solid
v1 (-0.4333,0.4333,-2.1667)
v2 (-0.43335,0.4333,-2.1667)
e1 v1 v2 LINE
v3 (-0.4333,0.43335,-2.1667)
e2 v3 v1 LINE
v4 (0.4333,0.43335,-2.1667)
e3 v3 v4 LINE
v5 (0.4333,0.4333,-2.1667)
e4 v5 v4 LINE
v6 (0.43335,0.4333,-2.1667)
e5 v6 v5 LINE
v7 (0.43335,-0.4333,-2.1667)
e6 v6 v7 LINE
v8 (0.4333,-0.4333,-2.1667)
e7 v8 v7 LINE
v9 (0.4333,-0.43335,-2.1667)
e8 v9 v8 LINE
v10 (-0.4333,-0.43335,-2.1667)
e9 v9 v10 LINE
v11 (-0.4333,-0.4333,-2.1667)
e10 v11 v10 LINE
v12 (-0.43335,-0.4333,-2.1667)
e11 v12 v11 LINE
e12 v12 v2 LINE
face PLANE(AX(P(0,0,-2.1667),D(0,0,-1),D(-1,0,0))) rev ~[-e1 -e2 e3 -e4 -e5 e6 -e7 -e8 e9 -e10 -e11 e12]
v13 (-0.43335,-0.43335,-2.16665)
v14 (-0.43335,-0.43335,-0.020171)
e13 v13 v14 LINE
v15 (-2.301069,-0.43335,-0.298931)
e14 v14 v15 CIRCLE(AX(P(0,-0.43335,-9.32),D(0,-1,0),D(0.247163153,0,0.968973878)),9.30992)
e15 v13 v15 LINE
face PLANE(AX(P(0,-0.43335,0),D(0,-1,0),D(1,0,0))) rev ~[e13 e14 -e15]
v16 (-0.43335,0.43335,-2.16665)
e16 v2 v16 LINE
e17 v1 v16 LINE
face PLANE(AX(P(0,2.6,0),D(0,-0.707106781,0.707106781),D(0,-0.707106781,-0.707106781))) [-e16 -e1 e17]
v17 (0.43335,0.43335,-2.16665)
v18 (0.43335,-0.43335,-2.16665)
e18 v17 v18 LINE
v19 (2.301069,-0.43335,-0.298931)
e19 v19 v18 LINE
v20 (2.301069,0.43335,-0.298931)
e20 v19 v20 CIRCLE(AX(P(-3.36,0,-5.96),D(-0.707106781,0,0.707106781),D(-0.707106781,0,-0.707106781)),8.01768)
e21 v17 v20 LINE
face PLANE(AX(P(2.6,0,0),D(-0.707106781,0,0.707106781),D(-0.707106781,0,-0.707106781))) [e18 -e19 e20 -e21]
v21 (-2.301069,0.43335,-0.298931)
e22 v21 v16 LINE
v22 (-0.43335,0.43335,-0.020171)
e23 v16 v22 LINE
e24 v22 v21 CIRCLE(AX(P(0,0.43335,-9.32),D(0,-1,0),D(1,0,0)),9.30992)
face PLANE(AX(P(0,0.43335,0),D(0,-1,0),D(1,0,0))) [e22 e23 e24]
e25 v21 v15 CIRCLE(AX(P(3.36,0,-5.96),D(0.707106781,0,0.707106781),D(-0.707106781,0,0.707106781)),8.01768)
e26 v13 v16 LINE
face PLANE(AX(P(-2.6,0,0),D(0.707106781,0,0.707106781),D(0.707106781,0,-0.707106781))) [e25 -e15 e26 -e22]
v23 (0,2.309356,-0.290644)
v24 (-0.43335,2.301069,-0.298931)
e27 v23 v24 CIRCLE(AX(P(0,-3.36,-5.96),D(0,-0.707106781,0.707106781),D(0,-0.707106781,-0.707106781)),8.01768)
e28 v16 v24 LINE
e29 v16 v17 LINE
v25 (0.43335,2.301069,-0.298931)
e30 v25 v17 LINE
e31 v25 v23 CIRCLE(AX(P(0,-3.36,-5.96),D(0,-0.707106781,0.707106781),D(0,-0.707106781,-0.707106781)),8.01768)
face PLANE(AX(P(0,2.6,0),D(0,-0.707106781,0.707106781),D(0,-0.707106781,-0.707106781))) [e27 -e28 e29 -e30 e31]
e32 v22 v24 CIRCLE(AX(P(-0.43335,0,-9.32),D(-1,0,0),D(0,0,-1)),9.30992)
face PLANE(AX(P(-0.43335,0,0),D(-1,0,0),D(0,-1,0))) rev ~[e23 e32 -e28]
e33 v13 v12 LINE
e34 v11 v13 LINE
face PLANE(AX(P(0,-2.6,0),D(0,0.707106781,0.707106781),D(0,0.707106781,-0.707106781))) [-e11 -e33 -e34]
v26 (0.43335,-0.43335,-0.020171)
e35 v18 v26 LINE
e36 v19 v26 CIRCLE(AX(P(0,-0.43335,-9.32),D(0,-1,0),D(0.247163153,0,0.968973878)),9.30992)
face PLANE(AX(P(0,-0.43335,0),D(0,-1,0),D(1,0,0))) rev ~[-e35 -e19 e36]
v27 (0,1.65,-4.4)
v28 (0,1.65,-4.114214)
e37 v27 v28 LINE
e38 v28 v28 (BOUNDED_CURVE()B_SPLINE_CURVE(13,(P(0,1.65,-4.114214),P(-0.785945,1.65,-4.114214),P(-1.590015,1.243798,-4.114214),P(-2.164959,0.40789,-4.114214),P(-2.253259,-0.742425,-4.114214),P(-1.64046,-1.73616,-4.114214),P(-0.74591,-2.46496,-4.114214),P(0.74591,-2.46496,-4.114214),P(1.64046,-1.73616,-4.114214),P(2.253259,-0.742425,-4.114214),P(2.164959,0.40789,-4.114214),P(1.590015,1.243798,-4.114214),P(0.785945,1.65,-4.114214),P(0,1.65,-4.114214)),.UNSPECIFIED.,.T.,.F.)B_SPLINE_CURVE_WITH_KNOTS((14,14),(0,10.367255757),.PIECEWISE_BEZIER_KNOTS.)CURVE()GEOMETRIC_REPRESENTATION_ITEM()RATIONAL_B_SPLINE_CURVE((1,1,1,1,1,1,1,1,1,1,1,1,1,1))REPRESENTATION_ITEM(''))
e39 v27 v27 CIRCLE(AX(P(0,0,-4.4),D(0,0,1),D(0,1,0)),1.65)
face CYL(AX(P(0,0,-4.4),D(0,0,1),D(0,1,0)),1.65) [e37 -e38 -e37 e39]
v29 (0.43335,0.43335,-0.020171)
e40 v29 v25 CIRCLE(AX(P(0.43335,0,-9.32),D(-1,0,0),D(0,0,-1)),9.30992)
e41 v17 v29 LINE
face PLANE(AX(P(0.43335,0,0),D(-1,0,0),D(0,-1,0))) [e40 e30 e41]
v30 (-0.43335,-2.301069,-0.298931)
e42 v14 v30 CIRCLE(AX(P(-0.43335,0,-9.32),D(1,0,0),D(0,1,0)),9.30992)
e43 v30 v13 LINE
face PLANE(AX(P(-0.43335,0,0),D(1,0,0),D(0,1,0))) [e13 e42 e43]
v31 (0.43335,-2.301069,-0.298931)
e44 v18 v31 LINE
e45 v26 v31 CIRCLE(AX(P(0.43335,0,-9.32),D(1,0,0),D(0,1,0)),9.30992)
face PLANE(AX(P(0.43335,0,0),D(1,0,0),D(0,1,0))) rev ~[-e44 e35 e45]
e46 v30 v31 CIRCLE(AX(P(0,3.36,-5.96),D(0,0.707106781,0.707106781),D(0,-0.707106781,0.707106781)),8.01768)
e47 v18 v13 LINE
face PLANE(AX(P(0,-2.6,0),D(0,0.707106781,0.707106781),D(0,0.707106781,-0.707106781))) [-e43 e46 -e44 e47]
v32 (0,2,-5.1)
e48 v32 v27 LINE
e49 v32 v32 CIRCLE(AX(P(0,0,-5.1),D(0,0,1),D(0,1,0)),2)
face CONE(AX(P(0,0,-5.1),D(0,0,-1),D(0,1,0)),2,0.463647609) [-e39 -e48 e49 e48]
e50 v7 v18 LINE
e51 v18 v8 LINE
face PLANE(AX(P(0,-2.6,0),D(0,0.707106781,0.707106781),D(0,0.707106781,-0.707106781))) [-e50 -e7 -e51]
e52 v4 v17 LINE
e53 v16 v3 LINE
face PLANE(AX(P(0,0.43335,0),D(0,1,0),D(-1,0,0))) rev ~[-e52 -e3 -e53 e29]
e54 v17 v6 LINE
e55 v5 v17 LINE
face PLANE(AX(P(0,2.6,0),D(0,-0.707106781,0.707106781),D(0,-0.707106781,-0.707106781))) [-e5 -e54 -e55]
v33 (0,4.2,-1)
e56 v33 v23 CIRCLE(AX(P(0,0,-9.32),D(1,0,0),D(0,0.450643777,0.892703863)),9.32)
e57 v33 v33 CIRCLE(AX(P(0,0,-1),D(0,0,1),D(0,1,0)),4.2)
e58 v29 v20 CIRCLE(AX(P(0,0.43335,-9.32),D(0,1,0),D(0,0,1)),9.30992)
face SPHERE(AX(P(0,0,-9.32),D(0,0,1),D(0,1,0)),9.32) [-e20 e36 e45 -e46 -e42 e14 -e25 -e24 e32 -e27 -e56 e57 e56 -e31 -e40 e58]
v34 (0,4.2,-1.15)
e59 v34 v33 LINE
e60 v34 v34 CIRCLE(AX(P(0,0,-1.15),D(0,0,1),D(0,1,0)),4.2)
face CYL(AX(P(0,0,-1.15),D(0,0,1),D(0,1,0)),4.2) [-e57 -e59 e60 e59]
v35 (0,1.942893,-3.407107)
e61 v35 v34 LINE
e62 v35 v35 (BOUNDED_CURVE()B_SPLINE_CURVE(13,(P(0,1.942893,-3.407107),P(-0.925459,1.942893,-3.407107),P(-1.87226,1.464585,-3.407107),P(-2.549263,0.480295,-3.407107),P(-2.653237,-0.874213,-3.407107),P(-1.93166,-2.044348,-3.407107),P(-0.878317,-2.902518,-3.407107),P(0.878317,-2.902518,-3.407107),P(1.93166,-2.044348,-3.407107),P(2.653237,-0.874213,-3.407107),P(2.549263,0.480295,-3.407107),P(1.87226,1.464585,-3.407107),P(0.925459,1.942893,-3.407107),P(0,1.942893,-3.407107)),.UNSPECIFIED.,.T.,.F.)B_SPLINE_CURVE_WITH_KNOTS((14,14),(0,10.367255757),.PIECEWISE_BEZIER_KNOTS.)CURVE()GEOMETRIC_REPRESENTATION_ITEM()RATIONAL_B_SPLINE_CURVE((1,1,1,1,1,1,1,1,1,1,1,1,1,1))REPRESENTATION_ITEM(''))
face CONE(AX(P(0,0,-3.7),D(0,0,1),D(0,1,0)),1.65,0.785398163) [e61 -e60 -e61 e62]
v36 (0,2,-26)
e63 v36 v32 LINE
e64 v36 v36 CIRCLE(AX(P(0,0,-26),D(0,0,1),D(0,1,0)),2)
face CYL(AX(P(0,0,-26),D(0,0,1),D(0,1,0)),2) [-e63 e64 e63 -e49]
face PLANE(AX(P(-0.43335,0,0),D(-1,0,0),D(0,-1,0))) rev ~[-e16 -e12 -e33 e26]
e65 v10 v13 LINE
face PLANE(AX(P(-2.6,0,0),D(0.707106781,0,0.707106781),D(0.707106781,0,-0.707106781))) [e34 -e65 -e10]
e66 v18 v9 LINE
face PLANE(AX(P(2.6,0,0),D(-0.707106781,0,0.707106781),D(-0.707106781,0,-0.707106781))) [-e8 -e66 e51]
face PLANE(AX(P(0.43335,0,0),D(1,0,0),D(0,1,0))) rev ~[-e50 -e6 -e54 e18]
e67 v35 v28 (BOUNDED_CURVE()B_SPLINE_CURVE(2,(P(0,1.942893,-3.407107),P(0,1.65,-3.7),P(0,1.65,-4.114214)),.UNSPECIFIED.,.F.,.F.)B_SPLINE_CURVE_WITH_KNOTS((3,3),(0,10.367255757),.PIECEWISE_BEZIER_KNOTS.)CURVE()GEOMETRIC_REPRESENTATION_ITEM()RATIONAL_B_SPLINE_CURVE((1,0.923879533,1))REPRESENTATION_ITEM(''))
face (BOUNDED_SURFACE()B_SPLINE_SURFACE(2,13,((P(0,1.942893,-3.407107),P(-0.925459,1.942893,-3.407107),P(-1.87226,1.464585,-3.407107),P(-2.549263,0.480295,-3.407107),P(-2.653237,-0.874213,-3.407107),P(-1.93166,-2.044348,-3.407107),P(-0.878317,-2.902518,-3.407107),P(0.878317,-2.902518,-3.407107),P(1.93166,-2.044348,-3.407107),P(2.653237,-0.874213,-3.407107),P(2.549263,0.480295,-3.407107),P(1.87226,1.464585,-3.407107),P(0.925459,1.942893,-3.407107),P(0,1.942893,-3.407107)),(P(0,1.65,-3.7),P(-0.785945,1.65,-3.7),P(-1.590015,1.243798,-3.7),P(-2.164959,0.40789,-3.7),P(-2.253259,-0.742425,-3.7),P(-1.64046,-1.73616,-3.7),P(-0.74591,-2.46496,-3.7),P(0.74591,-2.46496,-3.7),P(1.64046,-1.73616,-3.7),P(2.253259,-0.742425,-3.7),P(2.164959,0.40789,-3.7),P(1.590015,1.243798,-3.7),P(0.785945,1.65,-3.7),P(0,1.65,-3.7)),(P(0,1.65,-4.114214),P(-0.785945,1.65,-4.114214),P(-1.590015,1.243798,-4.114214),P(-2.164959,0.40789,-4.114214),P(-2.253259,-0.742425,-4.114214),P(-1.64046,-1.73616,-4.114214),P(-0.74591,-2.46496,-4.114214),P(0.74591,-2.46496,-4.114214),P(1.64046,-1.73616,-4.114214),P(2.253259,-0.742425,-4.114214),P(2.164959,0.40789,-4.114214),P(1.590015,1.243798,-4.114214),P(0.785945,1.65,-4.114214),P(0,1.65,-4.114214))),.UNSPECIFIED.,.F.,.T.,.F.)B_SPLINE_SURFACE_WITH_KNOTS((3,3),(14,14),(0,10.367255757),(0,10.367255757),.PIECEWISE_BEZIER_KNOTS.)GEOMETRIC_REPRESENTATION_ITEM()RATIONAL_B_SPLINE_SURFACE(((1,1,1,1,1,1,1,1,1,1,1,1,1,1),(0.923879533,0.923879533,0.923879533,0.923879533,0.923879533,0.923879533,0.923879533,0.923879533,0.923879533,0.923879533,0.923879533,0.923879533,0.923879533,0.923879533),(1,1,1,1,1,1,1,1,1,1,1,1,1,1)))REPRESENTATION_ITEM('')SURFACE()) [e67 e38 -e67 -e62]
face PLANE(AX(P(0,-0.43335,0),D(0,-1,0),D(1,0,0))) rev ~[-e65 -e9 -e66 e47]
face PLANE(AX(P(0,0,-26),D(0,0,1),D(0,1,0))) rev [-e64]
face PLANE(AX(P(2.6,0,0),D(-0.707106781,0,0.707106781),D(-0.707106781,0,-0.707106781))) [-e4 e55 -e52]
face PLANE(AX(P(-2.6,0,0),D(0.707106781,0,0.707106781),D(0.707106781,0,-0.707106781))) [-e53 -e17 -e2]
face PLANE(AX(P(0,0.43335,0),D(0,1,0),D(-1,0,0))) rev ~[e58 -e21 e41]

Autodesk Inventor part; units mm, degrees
ref_plane "WorkPlane2" through (0, 0, 0) normal (0, 0, 1) x (1, 0, 0)
sketch "Sketch1" plane through (0, 0, 0) normal (1, 0, 0) x (0, 1, 0)
  point P0 (0, 0)
ref_plane "Work Plane2" through (0, 0, -3.7) normal (0, 0, 1) x (1, 0, 0)
ref_plane "WorkPlane3" through (0, 0, 7) normal (0, 0, 1) x (1, 0, 0)
sketch "Sketch2" plane through (0, 0, 0) normal (0, 1, 0) x (-1, 0, 0)
  point P0 (0, 0)
sketch "Sketch3" plane through (0, 0, 0) normal (1, 0, 0) x (0, 1, 0)
  line L0 (2, -5.1) -> (1.65, -4.4)
  line L1 (2, -26) -> (2, -5.1)
  line L2 (0, -26) -> (2, -26)
  line L3 (0, 0) -> (0, -26)
  arc A0 (4.2, -1) -> (0, 0) centre (0, -9.32) ccw
  line L4 (4.2, -1.15) -> (4.2, -1)
  line L5 (1.65, -3.7) -> (4.2, -1.15)
  line L6 (1.65, -4.4) -> (1.65, -3.7)
  line L7 (0, -31.6445) -> (0, 31.6445) construction
  line L8 (0, -31.6445) -> (0, 31.6445)
  line L9 (0, -44.3023) -> (0, 44.3023) projected
  dimension "d2" = 2
  dimension "d4" = 1.65
  dimension "d6" = 0.7
  dimension "d8" = 2.7
  dimension "d10" = 135
  dimension "d12" = 4.2
  dimension "d14" = 0
  dimension "d16" = 1
  dimension "d18" = 25
  dimension "d22" = 20.9
revolve "Revolution1" add sketch "Sketch3" angle 360 about axis through (0, 0, -31.6445) along (0, 0, 1)
fillet "Fillet1" radius 1 1 edges at (0, -1.65, -3.7)
sketch "Sketch4" plane through (0, 0, 0) normal (0, 1, 0) x (-1, 0, 0)
  line L0 (0, 0) -> (-2.6, 0)
  line L1 (0, -2.1667) -> (0, 0)
  line L2 (-2.6, 0) -> (-0.4333, -2.1667)
  line L3 (0, -11.184) -> (0, 1.864) projected
  arc A0 (4.2, -1) -> (-4.2, -1) centre (0, -9.32) ccw projected
  line L4 (0, -2.1667) -> (-0.4333, -2.1667)
  point P0 (0, -2.6)
  dimension "d30" = 45
  dimension "d33" = 5.2
  dimension "d34" = 0.4333
  dimension "d35" = 90
extrude "Extrusion1" cut sketch "Sketch4" along normal mid plane 0.8667
pattern_circular "PolarArray1" count 4 over 360 about axis through (0, 0, -10) along (0, 0, 1) of "Extrusion1"
thread "Thread1" size "M4x0.7" class "6g" standard "ISO Metric profile" full length
ref_plane "MSC_PF1" through (0, 0, 0) normal (1, 0, 0) x (0, 1, 0)
ref_plane "MSC_PT1" through (0, 4.2, -1.15) normal (0, 0, -1) x (-1, 0, 0)
equation "\"d2\" = 0.5 * NND"
equation "\"d4\" = 0.5 * msp_mdtds"
equation "\"d6\" = msp_x"
equation "\"d8\" = ParK"
equation "\"d12\" = 0.5 * Dk"
equation "\"d16\" = ParF"
equation "\"d18\" = NLG"
equation "\"d22\" = b"
equation "\"d24\" = r"
equation "\"d33\" = M"
equation "\"d34\" = 0.0833333 * M"
equation "\"d31\" = 0.166667 * M"
equation "\"d39\" = b"
equation "\"PTC\" = 0.7"
equation "\"msp_x\" = PTC"
equation "\"NLG\" = 25"
equation "\"NND\" = 4"
equation "\"ParK\" = 2.7"
equation "\"r\" = 1"
equation "\"msp_mdtds\" = NND - PTC"
equation "\"b\" = 20.9"
equation "\"Dk\" = 8.4"
equation "\"ParF\" = 1"
equation "\"M\" = 5.2"
equation "\"ParA\" = 1.4"
equation "\"THREADDIA\" = NND"
equation "\"TEMPLATE\" = 1.2345"
properties part number "ISO 7047 - M4x25 - 4.8 - H" material "Steel"
